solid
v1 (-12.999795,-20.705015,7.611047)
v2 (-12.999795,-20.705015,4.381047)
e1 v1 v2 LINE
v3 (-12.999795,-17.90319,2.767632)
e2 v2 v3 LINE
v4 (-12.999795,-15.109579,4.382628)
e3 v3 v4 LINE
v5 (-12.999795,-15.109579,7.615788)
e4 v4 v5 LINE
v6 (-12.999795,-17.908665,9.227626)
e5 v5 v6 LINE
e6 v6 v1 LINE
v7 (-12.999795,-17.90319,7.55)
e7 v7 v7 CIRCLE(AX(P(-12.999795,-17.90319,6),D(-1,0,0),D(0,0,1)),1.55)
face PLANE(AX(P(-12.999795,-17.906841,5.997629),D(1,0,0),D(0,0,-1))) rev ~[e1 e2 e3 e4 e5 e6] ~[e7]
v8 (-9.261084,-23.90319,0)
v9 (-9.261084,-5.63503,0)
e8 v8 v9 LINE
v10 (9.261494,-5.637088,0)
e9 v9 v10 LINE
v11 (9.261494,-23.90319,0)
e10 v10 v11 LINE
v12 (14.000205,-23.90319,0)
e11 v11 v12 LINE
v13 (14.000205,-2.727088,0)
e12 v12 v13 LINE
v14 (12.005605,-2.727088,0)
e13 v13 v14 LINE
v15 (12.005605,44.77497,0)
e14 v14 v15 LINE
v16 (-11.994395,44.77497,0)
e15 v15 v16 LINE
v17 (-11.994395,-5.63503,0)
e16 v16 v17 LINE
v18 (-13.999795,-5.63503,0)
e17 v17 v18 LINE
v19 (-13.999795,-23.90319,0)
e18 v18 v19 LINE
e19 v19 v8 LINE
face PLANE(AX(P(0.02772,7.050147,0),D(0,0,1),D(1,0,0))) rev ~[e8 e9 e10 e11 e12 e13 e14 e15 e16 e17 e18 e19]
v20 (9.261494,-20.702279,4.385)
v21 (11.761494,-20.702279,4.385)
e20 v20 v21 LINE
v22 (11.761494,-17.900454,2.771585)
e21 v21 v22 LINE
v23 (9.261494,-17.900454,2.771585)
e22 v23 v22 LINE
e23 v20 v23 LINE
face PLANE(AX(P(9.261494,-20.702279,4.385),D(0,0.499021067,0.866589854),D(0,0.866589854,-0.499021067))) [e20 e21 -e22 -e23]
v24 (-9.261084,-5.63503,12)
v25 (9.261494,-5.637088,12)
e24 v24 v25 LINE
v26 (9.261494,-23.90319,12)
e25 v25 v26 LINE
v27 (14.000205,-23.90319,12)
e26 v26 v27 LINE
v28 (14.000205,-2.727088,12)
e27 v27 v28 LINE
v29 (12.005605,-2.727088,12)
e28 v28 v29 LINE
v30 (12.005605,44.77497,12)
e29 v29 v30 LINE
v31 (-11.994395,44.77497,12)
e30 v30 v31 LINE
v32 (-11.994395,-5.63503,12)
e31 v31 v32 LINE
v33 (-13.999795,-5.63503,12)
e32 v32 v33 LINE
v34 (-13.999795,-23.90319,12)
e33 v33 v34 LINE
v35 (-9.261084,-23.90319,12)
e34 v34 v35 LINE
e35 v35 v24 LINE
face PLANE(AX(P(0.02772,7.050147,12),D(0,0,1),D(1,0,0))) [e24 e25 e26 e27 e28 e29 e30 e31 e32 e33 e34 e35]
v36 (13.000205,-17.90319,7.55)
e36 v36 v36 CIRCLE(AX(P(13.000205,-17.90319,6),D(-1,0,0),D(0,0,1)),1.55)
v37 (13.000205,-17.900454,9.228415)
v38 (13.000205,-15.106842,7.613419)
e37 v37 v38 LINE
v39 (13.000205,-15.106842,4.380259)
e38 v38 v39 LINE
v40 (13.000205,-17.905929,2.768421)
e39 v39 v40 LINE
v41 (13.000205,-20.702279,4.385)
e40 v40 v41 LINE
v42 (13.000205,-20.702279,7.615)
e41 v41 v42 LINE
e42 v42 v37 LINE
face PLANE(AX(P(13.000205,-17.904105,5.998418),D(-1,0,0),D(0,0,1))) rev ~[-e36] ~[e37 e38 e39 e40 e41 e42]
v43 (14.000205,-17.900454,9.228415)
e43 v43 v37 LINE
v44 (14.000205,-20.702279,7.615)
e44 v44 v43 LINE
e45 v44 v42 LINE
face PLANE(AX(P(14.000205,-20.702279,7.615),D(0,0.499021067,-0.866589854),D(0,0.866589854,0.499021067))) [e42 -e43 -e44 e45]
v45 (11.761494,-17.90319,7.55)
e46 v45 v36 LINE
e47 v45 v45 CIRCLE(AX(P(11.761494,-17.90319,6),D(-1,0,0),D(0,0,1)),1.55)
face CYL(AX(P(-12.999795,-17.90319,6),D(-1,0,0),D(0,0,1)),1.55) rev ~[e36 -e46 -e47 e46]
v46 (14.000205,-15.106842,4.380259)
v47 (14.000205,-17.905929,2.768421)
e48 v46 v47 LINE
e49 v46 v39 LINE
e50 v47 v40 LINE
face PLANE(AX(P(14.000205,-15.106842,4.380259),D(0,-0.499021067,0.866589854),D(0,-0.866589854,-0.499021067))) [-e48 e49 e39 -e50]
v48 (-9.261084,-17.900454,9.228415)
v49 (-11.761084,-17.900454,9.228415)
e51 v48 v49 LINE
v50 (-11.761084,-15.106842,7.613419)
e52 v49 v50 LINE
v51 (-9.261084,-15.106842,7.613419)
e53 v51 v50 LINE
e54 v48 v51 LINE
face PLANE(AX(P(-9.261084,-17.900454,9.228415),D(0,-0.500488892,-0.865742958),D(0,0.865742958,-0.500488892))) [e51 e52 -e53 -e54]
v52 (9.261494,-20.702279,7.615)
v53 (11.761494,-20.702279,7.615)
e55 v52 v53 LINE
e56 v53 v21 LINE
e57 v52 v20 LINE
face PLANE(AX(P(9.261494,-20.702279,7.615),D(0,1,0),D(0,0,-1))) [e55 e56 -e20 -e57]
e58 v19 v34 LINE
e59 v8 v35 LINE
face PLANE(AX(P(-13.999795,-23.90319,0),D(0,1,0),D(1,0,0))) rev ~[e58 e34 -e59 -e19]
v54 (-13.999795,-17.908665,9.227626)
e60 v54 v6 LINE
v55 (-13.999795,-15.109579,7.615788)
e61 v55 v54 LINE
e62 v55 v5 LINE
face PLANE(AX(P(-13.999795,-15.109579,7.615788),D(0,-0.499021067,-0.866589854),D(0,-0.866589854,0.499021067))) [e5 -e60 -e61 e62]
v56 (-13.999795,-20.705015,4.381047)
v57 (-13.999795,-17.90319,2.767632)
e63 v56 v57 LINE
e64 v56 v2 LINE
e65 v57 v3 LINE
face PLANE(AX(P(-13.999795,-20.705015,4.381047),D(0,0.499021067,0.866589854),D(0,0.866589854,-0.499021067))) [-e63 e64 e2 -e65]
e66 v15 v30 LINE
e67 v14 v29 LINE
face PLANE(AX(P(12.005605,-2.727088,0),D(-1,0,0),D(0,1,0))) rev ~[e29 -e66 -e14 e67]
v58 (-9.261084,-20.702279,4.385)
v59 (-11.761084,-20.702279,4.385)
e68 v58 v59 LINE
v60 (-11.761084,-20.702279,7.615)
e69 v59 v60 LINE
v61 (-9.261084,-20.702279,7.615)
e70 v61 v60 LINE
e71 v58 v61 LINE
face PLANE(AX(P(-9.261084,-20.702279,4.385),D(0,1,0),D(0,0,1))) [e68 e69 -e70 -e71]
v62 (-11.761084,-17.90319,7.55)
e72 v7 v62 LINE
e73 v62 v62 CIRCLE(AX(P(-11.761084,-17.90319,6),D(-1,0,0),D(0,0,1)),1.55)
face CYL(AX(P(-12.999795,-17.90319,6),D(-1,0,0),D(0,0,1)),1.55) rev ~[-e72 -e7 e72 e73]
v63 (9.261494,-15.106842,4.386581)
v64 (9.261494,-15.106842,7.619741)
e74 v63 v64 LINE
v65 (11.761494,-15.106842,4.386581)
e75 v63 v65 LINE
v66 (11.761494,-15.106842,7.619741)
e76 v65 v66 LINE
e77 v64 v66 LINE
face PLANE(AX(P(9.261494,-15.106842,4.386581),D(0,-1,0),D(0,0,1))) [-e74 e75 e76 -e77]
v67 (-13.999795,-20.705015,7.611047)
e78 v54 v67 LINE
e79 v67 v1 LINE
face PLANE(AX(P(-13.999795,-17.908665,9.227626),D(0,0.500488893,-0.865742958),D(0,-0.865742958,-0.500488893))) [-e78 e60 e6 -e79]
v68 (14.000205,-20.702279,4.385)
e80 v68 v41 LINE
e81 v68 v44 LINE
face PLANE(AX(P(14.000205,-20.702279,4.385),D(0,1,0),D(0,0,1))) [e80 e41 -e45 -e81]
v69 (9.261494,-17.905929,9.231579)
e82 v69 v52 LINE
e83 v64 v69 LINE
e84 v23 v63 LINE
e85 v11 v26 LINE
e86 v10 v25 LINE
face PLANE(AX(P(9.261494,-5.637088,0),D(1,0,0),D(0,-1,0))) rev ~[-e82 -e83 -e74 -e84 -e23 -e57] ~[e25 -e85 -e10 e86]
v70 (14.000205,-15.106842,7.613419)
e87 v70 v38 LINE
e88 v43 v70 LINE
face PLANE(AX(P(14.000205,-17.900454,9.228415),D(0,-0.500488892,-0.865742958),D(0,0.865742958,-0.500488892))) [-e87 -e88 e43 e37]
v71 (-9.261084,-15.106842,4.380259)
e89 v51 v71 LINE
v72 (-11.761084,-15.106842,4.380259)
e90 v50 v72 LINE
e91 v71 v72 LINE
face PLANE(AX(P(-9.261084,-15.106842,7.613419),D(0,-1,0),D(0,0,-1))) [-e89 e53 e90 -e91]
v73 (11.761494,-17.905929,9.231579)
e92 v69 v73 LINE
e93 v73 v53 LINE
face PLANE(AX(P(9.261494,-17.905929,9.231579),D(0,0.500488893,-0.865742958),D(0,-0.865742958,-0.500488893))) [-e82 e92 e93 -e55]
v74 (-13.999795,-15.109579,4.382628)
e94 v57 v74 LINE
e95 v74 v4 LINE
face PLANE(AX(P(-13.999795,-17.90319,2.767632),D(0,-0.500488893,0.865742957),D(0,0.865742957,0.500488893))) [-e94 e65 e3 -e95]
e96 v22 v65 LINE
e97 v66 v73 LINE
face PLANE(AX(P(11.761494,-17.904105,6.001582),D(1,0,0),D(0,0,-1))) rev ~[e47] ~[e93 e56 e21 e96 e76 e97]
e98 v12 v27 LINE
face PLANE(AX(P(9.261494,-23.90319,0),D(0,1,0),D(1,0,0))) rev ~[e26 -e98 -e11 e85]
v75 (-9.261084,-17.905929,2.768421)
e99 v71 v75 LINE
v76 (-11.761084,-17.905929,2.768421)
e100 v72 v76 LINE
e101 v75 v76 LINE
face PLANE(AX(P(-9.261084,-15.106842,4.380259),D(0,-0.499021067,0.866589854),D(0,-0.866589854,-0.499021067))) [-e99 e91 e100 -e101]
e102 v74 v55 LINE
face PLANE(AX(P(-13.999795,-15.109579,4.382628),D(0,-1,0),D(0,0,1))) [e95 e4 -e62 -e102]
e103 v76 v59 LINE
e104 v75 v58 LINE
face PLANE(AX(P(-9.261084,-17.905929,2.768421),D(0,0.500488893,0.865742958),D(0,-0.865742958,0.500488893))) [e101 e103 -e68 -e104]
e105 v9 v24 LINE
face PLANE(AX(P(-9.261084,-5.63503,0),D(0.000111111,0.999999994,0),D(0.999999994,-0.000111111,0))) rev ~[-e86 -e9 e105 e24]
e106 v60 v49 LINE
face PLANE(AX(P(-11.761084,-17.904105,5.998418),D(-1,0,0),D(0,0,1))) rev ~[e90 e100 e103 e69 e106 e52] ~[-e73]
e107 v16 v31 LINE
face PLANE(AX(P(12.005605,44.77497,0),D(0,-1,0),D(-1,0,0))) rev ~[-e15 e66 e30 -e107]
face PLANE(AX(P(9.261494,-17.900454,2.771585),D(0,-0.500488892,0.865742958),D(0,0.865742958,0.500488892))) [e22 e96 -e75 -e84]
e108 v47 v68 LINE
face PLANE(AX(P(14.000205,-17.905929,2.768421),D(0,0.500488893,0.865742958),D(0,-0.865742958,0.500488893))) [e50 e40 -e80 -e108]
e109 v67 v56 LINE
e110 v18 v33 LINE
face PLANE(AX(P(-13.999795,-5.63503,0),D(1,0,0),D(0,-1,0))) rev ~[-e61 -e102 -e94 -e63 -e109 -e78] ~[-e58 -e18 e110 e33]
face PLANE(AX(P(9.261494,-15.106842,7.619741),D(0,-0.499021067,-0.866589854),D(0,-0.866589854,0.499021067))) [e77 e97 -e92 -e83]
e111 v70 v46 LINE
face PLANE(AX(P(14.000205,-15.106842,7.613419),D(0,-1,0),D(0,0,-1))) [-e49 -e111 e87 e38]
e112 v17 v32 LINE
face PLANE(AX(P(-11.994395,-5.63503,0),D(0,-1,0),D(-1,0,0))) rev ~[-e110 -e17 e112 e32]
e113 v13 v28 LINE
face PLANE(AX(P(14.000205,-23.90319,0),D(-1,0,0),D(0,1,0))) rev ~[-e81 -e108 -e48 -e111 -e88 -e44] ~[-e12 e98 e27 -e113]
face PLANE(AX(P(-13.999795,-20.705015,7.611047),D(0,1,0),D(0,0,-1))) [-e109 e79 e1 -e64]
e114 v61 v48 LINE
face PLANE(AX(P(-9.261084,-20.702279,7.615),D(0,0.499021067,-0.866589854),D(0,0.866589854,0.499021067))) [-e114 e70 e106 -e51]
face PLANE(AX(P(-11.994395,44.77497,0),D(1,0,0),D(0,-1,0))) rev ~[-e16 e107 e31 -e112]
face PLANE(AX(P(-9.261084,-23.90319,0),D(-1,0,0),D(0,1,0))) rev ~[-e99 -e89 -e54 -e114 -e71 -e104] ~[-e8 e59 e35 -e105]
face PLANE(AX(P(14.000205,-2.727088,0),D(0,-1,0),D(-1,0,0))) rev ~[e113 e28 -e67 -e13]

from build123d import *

# Parameters (mm, degrees)
EXTRUDE_1_DEPTH      = 12
CUT_EXTRUDE_12_DEPTH = 1
CUT_EXTRUDE_13_DEPTH = 1
CUT_EXTRUDE_14_DEPTH = 2.5
CUT_EXTRUDE_16_DEPTH = 2.5
SKETCH_26_R          = 1.55
CUT_EXTRUDE_17_DEPTH = 28


with BuildPart() as part:
    # 스케치1 → 보스-돌출1 (new body)
    with BuildSketch(Plane.XY):
        Polygon((-11.994395335, 44.774969809), (-11.994395335, -5.635030191), (-13.999795062, -5.635030191), (-13.999795062, -23.903190191), (-9.261084312, -23.903190191), (-9.261084312, -5.635030191), (9.261494188, -5.637088258), (9.261494188, -23.903190191), (14.000204938, -23.903190191), (14.000204938, -2.727088258), (12.005604665, -2.727088258), (12.005604665, 44.774969809), align=None)
    extrude(amount=EXTRUDE_1_DEPTH)

    # 스케치20 → 컷-돌출12 (cut)
    with BuildSketch(Plane(origin=(14.000204938, 0, 0), x_dir=(0, 0, -1), z_dir=(1, 0, 0))):
        Polygon((-4.384999641, -20.702278724), (-7.614999641, -20.702278724), (-9.228415158, -17.900454093), (-7.61341897, -15.106842492), (-4.380259285, -15.106842492), (-2.768420518, -17.905928971), align=None)
    extrude(amount=-CUT_EXTRUDE_12_DEPTH, mode=Mode.SUBTRACT)

    # 스케치21 → 컷-돌출13 (cut)
    with BuildSketch(Plane.ZY.offset(13.999795062)):
        Polygon((7.611047299, -20.705014823), (4.381047299, -20.705014823), (2.767631782, -17.903190191), (4.38262797, -15.109578591), (7.615787655, -15.109578591), (9.227626422, -17.90866507), align=None)
    extrude(amount=-CUT_EXTRUDE_13_DEPTH, mode=Mode.SUBTRACT)

    # 스케치22 → 컷-돌출14 (cut)
    with BuildSketch(Plane.ZY.offset(-9.261494188)):
        Polygon((7.615000359, -20.702278724), (4.385000359, -20.702278724), (2.771584842, -17.900454093), (4.38658103, -15.106842492), (7.619740715, -15.106842492), (9.231579482, -17.905928971), align=None)
    extrude(amount=-CUT_EXTRUDE_14_DEPTH, mode=Mode.SUBTRACT)

    # 스케치25 → 컷-돌출16 (cut)
    with BuildSketch(Plane(origin=(-9.261084312, 0, 0), x_dir=(0, 0, -1), z_dir=(1, 0, 0))):
        Polygon((-4.384999641, -20.702278724), (-7.614999641, -20.702278724), (-9.228415158, -17.900454093), (-7.61341897, -15.106842492), (-4.380259285, -15.106842492), (-2.768420518, -17.905928971), align=None)
    extrude(amount=-CUT_EXTRUDE_16_DEPTH, mode=Mode.SUBTRACT)

    # 스케치26 → 컷-돌출17 (cut, through all)
    with BuildSketch(Plane.ZY.offset(12.999795062)):
        with Locations((6, -17.903190191)):
            Circle(SKETCH_26_R)
    extrude(amount=-CUT_EXTRUDE_17_DEPTH, mode=Mode.SUBTRACT)


solid = part.part
